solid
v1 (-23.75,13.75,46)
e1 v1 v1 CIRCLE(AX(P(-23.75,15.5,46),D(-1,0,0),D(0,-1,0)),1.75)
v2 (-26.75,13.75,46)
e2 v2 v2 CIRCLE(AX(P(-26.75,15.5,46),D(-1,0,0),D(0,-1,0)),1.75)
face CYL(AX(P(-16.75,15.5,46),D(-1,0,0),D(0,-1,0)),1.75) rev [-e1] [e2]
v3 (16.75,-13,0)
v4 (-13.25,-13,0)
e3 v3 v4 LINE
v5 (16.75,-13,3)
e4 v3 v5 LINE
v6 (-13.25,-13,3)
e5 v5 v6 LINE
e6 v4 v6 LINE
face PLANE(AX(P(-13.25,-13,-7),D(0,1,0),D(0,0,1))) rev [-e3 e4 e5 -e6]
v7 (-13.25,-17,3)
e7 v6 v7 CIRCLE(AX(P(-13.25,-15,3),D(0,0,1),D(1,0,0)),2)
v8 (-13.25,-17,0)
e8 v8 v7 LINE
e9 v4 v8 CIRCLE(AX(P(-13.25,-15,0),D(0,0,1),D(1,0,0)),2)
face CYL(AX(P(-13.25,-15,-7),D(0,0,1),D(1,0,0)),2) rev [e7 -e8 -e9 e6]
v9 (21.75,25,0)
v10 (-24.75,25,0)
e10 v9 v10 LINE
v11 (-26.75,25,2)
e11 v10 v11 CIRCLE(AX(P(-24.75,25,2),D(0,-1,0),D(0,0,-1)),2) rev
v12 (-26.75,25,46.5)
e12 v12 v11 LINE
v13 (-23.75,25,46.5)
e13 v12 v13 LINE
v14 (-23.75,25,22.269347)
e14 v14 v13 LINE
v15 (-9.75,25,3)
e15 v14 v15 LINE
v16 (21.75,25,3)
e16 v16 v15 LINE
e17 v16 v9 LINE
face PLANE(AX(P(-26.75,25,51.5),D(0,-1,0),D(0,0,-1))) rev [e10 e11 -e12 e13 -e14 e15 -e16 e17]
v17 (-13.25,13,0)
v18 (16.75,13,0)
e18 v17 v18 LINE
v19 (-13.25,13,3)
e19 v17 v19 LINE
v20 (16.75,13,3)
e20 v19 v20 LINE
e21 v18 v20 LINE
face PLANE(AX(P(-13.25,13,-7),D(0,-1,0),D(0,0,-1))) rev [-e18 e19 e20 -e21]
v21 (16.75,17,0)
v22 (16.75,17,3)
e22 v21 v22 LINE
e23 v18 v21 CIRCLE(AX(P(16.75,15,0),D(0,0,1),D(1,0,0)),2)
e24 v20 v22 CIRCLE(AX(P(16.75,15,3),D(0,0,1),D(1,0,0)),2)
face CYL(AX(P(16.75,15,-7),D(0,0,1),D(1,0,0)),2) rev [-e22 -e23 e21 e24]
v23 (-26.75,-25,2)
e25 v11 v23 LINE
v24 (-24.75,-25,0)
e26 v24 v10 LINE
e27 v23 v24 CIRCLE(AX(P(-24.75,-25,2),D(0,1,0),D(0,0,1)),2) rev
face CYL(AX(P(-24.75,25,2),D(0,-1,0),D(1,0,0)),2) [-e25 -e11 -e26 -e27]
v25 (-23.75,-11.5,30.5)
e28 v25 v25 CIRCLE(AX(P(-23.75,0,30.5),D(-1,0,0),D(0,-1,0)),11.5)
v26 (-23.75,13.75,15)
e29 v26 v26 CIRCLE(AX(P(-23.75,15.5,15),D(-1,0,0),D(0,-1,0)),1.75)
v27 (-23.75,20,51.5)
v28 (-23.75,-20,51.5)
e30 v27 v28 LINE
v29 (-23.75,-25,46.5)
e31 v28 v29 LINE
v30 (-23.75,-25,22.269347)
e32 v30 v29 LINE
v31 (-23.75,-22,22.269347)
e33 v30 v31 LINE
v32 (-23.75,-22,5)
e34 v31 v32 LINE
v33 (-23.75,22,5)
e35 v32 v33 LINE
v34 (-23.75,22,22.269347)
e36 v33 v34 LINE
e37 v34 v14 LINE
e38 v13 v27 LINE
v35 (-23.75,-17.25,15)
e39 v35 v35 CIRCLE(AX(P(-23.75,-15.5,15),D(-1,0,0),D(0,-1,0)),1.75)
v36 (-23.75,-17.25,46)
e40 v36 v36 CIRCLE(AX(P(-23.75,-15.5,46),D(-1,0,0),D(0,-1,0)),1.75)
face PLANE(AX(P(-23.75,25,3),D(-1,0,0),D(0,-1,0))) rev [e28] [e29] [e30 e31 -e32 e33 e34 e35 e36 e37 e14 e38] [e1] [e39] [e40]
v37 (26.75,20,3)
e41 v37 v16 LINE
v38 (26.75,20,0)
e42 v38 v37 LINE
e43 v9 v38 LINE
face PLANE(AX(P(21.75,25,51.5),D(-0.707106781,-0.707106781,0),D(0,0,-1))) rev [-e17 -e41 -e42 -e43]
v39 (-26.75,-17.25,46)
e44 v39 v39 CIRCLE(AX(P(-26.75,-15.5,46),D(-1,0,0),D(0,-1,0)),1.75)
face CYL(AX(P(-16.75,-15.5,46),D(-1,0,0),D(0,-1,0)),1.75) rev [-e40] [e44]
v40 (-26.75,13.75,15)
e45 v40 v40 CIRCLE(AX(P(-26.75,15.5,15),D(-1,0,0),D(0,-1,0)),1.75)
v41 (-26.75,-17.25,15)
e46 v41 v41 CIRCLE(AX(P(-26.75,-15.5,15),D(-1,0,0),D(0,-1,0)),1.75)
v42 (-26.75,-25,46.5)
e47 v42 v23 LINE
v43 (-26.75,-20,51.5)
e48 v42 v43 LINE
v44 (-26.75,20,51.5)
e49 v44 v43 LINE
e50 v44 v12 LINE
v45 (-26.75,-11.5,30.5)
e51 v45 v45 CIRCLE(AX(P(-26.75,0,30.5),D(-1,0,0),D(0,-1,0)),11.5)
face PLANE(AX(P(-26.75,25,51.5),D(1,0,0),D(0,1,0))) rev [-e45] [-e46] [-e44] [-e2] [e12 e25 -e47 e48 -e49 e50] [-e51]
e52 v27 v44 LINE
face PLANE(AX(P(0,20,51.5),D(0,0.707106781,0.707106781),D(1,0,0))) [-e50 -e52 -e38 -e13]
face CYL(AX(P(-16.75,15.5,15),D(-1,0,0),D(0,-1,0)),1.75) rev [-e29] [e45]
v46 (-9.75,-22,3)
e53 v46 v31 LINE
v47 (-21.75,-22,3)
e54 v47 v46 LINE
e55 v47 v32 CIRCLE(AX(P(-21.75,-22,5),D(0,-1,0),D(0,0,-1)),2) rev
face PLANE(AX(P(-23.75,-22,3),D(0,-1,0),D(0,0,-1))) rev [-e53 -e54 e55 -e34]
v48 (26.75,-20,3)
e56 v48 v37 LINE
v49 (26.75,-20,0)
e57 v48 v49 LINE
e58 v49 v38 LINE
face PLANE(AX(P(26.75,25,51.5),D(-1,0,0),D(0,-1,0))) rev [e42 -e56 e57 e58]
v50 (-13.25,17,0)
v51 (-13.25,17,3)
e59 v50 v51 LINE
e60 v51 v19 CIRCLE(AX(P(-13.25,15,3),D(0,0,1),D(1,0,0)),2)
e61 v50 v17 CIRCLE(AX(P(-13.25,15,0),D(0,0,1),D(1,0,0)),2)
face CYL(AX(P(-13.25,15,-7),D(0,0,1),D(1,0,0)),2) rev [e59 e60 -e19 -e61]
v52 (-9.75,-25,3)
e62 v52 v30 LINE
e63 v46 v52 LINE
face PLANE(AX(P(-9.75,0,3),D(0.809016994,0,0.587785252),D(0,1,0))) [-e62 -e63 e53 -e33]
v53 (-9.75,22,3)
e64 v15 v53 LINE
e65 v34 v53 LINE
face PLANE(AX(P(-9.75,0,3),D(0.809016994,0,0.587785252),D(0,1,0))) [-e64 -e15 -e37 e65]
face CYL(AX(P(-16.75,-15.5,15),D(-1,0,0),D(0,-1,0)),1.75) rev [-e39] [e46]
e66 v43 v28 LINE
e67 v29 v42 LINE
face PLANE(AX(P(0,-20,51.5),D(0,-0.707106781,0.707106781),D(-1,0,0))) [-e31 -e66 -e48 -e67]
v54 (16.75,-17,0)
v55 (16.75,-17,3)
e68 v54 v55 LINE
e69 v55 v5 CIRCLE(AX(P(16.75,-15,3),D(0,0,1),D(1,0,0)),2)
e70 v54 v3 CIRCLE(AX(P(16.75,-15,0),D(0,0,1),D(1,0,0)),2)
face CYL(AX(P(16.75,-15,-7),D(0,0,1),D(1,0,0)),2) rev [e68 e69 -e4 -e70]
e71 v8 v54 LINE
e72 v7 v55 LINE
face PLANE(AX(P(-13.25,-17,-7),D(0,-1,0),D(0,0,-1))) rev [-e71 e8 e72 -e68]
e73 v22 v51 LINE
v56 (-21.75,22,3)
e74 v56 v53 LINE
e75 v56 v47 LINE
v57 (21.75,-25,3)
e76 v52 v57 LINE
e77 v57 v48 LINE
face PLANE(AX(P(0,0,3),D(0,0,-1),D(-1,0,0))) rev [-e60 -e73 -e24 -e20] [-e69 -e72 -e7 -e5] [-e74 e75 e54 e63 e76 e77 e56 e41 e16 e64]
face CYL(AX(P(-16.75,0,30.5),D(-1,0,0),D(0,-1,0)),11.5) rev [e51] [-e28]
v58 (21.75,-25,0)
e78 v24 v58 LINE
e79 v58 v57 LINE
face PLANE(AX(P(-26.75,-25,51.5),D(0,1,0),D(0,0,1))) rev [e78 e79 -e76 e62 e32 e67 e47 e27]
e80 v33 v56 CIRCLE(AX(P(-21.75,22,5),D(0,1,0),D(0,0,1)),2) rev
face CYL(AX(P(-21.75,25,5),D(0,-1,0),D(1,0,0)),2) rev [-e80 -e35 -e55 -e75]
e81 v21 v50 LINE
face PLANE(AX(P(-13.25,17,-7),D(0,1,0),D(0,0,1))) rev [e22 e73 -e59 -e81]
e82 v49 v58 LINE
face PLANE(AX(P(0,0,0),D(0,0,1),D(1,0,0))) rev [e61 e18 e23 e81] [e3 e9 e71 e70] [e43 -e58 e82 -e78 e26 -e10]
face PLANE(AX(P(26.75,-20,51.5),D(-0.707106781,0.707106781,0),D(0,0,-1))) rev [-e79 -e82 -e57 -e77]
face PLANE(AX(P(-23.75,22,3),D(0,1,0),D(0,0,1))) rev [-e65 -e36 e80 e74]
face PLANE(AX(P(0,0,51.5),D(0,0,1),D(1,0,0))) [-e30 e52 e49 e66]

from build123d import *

# Parameters (mm, degrees)
SKETCH2_W           = 53.5
SKETCH2_H           = 50
BOSS_EXTRUDE1_DEPTH = 51.5
SKETCH3_W           = 50.5
SKETCH3_H           = 50
CUT_EXTRUDE1_DEPTH  = 48.5
CHAMFER1_SIZE       = 14
CHAMFER1_SIZE2      = 19.269346887
SKETCH4_W           = 48.5
SKETCH4_H           = 44
CUT_EXTRUDE2_DEPTH  = 50.5
SKETCH5_R           = 1.75
SKETCH5_R_2         = 11.5
CUT_EXTRUDE3_DEPTH  = 10
CUT_EXTRUDE4_DEPTH  = 10
CHAMFER2_SIZE       = 5
FILLET1_R           = 2


with BuildPart() as part:
    # Sketch2 → Boss-Extrude1 (new body)
    with BuildSketch(Plane.XY):
        Rectangle(SKETCH2_W, SKETCH2_H)
    extrude(amount=BOSS_EXTRUDE1_DEPTH)

    # Sketch3 → Cut-Extrude1 (cut)
    with BuildSketch(Plane.XY.offset(51.5)):
        with Locations((1.5, 0)):
            Rectangle(SKETCH3_W, SKETCH3_H)
    extrude(amount=-CUT_EXTRUDE1_DEPTH, mode=Mode.SUBTRACT)

    # Chamfer1
    chamfer1_edges = [part.edges().sort_by_distance(p)[0] for p in [
        (-23.75, 0, 3),
    ]]
    chamfer1_side = [part.faces().sort_by_distance(p)[0] for p in [
        (1.5, 0, 3),
    ]]
    chamfer(chamfer1_edges, length=CHAMFER1_SIZE, length2=CHAMFER1_SIZE2, reference=chamfer1_side[0])

    # Sketch4 → Cut-Extrude2 (cut)
    with BuildSketch(Plane(origin=(26.75, 0, 0), x_dir=(0, 0, -1), z_dir=(1, 0, 0))):
        with Locations((-27.25, 0)):
            Rectangle(SKETCH4_W, SKETCH4_H)
    extrude(amount=-CUT_EXTRUDE2_DEPTH, mode=Mode.SUBTRACT)

    # Sketch5 → Cut-Extrude3 (cut)
    with BuildSketch(Plane.ZY.offset(26.75)):
        with Locations((46, 15.5)):
            Circle(SKETCH5_R)
        with Locations((46, -15.5)):
            Circle(SKETCH5_R)
        with Locations((15, 15.5)):
            Circle(SKETCH5_R)
        with Locations((15, -15.5)):
            Circle(SKETCH5_R)
        with Locations((30.5, 0)):
            Circle(SKETCH5_R_2)
    extrude(amount=-CUT_EXTRUDE3_DEPTH, mode=Mode.SUBTRACT)

    # Sketch6 → Cut-Extrude4 (cut)
    with BuildSketch(Plane.XY.offset(3)):
        with BuildLine():
            Line((-13.25, 17), (16.75, 17))
            ThreePointArc((16.75, 17), (18.75, 15), (16.75, 13))
            Line((16.75, 13), (-13.25, 13))
            ThreePointArc((-13.25, 13), (-15.25, 15), (-13.25, 17))
        make_face()
        with BuildLine():
            Line((-13.25, -13), (16.75, -13))
            ThreePointArc((16.75, -13), (18.75, -15), (16.75, -17))
            Line((16.75, -17), (-13.25, -17))
            ThreePointArc((-13.25, -17), (-15.25, -15), (-13.25, -13))
        make_face()
    extrude(amount=-CUT_EXTRUDE4_DEPTH, mode=Mode.SUBTRACT)

    # Chamfer2
    chamfer2_edges = [part.edges().sort_by_distance(p)[0] for p in [
        (-25.25, -25, 51.5),
        (-25.25, 25, 51.5),
        (26.75, -25, 1.5),
        (26.75, 25, 1.5),
    ]]
    chamfer(chamfer2_edges, length=CHAMFER2_SIZE)

    # Fillet1
    fillet1_edges = [part.edges().sort_by_distance(p)[0] for p in [
        (-23.75, 0, 3),
        (-26.75, 0, 0),
    ]]
    fillet(fillet1_edges, radius=FILLET1_R)


solid = part.part
